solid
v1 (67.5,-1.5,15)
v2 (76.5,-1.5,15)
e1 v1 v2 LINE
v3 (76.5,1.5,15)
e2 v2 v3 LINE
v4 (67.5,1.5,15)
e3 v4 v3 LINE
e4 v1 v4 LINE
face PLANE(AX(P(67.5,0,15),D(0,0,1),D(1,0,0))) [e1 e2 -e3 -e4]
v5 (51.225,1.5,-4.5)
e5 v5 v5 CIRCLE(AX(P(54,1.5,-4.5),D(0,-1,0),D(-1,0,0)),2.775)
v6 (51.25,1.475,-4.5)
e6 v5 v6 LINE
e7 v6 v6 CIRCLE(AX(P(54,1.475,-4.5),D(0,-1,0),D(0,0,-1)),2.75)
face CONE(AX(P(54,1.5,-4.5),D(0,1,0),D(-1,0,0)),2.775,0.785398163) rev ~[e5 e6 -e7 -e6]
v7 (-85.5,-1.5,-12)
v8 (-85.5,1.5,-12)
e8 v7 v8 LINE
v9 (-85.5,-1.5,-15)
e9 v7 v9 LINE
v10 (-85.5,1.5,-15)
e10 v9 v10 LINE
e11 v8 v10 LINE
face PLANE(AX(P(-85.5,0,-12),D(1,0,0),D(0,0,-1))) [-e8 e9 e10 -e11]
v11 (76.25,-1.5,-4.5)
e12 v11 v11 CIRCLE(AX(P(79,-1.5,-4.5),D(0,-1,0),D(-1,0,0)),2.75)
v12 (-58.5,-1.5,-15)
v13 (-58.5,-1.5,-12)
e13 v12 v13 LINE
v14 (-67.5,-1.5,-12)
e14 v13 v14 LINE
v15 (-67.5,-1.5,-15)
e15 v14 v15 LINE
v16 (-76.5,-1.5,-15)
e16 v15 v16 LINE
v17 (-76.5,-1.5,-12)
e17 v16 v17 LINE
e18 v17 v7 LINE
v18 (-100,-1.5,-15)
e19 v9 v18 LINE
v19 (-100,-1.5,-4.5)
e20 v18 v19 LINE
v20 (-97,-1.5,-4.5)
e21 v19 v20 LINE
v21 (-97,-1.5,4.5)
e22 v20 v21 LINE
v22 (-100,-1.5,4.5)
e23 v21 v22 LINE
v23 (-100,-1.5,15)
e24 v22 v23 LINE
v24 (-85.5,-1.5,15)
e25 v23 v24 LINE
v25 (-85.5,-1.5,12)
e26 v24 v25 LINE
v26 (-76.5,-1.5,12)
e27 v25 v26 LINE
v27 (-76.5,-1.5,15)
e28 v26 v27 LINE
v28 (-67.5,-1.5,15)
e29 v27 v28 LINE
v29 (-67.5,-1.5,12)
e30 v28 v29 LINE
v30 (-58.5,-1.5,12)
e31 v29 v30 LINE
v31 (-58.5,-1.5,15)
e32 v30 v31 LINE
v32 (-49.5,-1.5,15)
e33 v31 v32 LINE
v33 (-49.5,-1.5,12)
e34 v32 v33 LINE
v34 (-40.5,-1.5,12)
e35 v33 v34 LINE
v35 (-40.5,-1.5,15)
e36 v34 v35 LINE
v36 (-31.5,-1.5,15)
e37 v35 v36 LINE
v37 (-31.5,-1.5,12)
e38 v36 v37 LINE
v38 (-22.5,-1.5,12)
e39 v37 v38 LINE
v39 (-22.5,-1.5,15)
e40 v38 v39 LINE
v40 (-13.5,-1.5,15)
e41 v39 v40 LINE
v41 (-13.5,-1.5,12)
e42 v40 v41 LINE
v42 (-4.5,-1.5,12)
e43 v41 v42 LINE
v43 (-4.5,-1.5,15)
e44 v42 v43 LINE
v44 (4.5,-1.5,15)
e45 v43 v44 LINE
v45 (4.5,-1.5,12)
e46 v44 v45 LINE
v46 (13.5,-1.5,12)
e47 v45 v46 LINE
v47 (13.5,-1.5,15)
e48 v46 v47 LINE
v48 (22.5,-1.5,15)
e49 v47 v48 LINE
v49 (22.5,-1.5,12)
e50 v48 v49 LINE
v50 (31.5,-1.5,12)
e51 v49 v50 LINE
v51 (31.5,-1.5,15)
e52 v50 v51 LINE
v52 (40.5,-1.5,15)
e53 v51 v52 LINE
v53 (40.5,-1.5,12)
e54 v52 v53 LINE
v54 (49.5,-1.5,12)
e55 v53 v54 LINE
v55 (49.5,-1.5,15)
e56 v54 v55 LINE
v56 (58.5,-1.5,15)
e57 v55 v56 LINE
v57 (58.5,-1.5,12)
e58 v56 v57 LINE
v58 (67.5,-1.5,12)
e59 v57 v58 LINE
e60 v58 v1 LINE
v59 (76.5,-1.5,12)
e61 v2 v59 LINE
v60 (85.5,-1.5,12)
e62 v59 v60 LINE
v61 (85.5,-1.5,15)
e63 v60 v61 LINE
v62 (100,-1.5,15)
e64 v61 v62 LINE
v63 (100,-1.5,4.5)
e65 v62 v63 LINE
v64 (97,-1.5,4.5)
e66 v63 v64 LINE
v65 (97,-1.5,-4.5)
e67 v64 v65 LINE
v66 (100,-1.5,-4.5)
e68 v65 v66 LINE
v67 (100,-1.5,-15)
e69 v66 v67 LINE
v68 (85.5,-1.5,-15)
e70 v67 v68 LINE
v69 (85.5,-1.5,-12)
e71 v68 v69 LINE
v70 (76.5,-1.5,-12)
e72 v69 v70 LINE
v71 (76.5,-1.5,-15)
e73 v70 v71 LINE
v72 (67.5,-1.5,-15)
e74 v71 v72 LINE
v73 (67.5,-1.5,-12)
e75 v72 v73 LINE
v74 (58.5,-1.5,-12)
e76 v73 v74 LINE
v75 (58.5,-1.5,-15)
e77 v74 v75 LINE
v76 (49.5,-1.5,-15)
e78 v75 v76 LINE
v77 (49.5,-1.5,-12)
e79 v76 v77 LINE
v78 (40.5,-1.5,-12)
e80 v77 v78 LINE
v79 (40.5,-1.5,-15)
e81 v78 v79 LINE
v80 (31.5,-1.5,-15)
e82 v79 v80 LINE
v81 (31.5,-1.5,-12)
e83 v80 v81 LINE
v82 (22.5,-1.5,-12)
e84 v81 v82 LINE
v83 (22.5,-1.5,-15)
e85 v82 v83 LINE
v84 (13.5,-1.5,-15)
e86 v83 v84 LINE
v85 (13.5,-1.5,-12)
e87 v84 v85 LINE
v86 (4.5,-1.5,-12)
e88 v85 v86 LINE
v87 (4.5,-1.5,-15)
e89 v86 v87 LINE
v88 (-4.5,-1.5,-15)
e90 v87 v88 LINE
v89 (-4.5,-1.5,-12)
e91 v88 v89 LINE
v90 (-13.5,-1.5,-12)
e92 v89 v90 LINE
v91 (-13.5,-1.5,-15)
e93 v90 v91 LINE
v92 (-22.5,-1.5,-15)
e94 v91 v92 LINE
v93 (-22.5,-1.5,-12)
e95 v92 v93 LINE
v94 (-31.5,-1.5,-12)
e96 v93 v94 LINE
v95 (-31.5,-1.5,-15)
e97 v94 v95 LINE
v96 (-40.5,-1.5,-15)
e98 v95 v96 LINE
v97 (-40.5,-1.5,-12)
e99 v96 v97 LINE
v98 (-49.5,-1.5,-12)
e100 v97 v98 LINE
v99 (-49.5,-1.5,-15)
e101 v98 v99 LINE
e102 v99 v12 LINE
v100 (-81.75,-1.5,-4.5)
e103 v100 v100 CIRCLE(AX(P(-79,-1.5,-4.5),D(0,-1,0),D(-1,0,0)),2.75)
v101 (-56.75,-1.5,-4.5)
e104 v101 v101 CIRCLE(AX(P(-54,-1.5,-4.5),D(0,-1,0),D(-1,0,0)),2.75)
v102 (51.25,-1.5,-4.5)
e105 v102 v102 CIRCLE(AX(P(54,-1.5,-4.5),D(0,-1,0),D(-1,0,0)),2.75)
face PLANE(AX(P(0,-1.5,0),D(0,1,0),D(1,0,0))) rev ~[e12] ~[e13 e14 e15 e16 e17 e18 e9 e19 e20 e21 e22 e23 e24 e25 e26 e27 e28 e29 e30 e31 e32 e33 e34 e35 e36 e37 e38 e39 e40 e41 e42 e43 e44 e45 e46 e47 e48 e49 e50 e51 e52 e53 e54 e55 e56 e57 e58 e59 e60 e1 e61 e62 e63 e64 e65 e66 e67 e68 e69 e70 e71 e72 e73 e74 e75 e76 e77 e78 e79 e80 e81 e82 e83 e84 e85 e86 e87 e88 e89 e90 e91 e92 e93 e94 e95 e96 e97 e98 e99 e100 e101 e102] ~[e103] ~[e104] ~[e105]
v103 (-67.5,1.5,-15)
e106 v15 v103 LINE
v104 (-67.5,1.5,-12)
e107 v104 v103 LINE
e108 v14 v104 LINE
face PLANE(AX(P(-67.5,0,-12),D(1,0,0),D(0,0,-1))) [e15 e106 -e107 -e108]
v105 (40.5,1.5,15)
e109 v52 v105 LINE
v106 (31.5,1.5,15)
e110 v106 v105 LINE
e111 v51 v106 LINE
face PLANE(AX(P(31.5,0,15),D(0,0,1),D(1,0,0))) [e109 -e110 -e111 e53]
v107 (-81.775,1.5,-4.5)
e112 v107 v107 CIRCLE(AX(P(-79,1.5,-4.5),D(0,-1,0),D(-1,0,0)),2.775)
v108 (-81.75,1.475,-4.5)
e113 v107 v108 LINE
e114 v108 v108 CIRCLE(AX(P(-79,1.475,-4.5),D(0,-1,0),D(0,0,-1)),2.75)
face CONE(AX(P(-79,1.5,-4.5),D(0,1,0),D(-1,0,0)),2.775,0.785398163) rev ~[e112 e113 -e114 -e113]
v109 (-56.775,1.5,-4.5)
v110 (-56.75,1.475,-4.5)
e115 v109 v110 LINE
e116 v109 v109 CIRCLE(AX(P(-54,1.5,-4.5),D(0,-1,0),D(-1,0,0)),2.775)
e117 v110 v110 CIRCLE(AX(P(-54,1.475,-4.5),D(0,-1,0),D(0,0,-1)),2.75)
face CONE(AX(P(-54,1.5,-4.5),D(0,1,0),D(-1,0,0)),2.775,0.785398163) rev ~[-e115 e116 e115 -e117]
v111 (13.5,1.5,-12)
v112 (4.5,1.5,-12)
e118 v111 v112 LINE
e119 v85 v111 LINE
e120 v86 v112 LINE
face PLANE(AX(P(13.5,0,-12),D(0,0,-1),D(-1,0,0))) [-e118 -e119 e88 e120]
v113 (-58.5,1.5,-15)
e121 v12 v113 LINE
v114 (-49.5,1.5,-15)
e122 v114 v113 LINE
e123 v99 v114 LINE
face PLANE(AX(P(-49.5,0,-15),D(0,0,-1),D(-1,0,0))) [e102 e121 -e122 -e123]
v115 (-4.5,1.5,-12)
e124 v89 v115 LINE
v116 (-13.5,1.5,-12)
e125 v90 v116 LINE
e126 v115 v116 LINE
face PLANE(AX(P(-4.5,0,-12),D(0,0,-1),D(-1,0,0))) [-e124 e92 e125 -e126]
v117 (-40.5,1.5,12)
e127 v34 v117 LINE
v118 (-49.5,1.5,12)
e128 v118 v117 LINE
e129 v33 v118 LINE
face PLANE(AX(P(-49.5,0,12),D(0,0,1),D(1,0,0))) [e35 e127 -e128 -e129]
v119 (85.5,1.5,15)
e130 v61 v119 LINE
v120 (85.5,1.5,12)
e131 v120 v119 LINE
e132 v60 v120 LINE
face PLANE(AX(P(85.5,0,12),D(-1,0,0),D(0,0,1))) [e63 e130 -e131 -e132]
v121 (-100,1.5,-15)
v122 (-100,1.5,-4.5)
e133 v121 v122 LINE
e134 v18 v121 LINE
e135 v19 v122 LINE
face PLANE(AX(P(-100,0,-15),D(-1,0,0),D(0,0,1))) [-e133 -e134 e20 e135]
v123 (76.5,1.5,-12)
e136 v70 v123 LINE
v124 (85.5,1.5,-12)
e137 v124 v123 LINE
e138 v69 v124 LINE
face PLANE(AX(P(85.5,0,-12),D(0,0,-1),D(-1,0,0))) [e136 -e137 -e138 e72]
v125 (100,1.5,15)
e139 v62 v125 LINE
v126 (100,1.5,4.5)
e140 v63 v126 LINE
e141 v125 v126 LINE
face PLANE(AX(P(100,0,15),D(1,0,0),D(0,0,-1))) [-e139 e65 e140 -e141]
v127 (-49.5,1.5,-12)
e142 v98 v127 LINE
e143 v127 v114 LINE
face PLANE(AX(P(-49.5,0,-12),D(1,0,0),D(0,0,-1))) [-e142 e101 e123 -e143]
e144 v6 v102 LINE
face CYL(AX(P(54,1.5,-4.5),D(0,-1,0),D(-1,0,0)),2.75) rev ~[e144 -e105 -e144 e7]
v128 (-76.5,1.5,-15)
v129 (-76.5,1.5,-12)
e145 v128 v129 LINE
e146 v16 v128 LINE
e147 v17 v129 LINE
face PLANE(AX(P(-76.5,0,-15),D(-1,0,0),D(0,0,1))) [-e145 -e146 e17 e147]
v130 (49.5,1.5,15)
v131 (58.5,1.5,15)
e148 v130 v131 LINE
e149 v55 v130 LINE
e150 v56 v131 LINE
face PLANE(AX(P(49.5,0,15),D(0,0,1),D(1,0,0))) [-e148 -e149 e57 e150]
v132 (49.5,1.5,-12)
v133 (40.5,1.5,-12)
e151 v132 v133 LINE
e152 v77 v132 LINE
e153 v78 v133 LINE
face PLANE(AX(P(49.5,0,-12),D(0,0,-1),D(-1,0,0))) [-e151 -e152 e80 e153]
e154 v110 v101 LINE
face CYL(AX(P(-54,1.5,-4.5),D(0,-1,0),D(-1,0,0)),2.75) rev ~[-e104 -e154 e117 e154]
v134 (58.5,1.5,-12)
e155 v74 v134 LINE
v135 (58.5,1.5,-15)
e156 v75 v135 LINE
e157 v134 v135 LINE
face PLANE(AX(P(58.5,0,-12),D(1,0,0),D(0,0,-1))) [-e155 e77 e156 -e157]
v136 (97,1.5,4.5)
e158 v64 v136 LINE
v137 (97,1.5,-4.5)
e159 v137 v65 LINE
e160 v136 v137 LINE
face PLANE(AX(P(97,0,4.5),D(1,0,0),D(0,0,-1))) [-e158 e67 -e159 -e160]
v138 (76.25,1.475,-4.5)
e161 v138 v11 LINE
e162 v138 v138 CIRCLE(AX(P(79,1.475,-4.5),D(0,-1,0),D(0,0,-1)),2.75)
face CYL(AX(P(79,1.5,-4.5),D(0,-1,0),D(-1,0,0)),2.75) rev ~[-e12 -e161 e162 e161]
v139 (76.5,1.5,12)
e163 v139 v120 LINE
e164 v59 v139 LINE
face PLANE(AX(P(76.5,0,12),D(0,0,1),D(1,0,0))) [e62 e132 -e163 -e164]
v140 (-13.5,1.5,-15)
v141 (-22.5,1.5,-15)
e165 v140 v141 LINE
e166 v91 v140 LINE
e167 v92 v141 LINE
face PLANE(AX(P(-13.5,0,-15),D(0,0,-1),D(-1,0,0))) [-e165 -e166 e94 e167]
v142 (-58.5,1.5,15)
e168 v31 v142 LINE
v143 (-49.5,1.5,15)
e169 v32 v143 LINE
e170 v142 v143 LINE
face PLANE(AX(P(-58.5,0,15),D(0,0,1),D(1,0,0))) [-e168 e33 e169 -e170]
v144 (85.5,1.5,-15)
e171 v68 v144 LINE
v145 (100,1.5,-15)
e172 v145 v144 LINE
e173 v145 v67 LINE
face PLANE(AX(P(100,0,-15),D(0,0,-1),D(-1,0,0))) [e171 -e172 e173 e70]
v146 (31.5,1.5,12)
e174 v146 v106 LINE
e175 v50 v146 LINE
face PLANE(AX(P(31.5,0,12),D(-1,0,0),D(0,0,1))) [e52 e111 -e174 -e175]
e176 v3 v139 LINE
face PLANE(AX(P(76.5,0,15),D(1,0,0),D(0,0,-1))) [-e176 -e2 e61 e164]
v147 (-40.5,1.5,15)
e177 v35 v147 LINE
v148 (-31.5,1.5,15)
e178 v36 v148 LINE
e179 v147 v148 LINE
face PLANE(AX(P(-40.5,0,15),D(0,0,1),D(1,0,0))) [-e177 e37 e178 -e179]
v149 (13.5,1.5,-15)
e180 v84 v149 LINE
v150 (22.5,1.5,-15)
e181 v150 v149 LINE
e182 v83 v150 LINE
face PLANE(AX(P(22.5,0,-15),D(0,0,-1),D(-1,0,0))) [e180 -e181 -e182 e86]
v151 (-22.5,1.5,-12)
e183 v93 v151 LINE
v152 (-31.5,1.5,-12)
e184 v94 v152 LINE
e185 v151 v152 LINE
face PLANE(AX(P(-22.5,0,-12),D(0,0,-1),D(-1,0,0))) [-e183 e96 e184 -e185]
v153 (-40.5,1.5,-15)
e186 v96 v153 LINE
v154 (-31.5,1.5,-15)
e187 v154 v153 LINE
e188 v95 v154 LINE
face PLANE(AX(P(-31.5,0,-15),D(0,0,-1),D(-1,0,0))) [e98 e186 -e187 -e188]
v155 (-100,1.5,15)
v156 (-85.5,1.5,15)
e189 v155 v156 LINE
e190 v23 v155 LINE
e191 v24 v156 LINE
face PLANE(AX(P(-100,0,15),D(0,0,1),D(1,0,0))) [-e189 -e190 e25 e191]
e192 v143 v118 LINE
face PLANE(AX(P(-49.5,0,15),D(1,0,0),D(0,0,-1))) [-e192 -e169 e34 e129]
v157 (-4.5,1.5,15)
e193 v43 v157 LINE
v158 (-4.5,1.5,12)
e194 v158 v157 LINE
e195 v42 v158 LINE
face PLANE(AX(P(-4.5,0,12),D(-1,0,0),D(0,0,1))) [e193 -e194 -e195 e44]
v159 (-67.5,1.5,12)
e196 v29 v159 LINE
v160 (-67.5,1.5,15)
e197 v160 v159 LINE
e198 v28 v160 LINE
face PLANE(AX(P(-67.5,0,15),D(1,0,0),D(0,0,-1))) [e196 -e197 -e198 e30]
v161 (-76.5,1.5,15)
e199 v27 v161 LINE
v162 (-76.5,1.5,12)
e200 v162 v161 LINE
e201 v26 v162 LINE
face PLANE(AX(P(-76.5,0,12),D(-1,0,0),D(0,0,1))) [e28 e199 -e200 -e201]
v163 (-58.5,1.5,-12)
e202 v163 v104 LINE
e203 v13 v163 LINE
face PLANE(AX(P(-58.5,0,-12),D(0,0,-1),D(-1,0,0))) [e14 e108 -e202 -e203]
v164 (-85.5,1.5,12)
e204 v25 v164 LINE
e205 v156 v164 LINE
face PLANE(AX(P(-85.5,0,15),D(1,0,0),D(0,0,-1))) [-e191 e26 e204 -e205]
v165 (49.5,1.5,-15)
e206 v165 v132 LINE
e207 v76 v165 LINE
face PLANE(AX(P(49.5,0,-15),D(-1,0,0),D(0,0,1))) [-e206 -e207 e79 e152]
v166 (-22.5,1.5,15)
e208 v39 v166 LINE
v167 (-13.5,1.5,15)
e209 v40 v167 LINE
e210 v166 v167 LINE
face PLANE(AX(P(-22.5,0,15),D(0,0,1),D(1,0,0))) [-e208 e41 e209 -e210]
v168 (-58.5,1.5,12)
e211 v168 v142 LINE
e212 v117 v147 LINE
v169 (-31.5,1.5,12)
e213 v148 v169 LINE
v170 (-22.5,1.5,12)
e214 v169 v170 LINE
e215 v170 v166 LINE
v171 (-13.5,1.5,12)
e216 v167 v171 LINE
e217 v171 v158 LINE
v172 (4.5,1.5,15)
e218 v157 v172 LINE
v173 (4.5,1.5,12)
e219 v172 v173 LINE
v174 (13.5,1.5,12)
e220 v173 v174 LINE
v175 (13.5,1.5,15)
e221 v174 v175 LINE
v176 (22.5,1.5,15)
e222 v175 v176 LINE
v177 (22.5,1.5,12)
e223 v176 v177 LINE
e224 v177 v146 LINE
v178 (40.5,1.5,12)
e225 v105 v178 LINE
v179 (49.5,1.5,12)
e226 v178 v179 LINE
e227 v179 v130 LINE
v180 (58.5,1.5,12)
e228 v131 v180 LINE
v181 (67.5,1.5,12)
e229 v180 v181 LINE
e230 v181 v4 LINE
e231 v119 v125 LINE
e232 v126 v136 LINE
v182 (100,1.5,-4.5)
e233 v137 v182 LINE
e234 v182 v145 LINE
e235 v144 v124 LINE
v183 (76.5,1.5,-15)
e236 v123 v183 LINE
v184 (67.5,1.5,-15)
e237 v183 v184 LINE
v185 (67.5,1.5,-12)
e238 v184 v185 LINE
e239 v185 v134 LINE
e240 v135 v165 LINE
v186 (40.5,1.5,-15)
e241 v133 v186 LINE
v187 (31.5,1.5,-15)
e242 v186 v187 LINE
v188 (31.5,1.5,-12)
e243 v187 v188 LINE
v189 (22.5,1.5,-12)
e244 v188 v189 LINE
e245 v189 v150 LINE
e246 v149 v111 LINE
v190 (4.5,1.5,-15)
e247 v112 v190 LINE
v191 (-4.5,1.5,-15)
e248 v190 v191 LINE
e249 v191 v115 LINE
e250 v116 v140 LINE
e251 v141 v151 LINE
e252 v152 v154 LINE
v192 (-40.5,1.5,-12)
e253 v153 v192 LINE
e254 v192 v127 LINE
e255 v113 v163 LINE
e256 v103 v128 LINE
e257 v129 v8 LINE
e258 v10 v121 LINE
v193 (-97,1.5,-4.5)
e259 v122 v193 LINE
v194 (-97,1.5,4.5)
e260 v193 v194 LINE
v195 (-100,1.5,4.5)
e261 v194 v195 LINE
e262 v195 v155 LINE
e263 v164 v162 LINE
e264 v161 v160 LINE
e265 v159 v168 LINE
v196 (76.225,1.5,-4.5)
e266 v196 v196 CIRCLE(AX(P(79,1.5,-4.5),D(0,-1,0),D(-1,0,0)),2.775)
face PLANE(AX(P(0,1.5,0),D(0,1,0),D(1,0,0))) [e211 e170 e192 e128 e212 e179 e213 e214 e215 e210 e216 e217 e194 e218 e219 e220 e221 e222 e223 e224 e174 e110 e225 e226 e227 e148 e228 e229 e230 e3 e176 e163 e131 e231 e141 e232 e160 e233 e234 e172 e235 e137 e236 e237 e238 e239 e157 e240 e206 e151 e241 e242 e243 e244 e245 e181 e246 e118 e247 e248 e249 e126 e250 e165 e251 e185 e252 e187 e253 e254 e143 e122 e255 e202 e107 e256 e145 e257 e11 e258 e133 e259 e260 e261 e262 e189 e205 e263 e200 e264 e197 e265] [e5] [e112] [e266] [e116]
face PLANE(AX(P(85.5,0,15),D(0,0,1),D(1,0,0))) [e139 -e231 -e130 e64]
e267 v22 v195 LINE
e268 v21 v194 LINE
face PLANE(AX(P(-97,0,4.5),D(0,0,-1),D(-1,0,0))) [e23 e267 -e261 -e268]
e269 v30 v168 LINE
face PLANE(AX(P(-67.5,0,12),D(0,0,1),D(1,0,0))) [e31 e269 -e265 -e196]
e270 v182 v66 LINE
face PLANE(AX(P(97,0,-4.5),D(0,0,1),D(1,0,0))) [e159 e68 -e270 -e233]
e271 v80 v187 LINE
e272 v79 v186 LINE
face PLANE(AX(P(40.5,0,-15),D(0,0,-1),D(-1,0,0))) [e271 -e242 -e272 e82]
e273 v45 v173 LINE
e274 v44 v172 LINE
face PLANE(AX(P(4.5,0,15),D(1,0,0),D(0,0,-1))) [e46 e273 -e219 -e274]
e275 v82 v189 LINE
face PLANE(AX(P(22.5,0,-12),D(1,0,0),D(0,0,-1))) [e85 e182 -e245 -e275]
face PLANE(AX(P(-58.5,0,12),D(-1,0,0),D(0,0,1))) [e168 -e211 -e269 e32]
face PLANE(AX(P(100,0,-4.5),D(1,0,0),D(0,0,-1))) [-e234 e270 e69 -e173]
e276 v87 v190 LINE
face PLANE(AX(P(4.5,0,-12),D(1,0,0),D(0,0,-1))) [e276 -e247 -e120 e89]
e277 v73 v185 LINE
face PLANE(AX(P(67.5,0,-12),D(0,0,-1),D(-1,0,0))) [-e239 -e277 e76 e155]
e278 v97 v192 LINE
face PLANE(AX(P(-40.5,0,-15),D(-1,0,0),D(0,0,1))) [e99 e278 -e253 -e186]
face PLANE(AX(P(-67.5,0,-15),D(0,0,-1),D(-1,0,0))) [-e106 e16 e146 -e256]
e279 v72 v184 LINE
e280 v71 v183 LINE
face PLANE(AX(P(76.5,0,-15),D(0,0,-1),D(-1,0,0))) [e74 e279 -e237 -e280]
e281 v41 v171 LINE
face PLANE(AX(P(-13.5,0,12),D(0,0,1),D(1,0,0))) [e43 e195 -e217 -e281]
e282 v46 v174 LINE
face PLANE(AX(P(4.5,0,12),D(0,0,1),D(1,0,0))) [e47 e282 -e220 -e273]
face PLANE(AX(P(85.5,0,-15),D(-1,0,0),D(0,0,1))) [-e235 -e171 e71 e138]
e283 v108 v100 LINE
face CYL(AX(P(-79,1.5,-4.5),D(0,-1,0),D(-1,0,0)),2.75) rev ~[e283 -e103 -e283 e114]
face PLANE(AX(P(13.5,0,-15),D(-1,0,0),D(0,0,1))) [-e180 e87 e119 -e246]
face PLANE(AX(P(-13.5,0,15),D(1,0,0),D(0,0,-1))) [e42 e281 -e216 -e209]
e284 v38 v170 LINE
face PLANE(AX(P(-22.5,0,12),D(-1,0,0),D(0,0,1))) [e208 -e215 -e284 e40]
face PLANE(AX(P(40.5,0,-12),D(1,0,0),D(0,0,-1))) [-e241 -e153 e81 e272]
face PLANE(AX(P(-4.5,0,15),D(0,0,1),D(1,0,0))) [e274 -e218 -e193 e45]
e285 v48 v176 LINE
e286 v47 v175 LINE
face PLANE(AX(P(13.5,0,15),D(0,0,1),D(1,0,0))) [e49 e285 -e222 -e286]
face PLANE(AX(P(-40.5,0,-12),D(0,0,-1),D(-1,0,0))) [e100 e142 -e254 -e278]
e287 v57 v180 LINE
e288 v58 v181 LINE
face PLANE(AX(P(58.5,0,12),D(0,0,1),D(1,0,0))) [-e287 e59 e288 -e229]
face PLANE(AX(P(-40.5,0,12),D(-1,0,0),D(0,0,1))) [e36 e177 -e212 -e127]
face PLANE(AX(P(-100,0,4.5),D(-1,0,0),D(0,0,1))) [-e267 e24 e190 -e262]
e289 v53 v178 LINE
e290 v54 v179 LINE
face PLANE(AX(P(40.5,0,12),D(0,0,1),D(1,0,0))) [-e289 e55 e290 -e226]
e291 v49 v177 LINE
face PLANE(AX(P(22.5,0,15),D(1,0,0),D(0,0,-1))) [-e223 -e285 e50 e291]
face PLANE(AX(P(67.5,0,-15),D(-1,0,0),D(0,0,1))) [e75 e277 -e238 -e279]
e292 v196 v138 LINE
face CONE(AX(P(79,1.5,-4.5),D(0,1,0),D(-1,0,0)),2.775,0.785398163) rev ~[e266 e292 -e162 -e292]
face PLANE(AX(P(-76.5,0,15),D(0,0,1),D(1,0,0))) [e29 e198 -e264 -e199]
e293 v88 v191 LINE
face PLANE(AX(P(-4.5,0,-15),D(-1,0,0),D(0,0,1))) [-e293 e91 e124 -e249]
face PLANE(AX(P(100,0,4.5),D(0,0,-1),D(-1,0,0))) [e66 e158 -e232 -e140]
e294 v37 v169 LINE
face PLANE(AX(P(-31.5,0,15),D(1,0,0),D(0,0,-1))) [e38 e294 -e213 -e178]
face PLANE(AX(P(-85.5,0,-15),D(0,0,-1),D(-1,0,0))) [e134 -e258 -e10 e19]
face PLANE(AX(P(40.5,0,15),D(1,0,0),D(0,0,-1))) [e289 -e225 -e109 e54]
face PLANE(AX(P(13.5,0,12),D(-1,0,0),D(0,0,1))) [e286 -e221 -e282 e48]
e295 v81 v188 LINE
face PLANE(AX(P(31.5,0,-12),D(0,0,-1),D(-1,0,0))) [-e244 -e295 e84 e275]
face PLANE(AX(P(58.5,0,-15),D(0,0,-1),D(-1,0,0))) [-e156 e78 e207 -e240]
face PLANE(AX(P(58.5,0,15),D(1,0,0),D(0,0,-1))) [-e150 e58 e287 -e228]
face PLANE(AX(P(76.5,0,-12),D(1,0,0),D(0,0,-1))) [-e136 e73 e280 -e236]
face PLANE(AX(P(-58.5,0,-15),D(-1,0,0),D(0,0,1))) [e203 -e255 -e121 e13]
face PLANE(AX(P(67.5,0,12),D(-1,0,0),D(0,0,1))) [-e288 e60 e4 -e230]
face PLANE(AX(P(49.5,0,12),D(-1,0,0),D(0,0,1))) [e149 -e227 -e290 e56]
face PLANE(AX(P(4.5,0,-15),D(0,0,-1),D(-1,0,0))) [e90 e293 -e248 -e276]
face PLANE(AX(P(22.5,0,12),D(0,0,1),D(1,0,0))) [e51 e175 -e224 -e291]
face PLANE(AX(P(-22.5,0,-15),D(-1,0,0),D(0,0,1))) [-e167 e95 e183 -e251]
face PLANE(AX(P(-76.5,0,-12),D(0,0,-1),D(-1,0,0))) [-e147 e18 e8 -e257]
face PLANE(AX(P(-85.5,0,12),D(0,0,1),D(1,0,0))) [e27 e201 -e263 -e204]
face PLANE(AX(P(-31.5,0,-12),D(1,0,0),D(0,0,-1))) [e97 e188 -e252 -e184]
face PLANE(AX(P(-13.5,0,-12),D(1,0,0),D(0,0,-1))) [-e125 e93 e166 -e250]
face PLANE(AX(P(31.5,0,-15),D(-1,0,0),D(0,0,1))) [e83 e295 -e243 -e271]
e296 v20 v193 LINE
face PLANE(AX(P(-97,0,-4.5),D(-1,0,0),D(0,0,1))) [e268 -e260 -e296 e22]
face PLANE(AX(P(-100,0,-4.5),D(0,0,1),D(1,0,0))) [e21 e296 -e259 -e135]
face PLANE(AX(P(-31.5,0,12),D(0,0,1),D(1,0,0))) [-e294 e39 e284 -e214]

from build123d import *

# Parameters (mm, degrees)
BOSS_EXTRUDE1_DEPTH            = 1.5
M5_CLEARANCE_HOLE1_D           = 5.5
M5_CLEARANCE_HOLE1_CSINK_D     = 5.55
M5_CLEARANCE_HOLE1_CSINK_ANGLE = 90


with BuildPart() as part:
    # Sketch1 → Boss-Extrude1 (new, symmetric)
    with BuildSketch(Plane(origin=(0, 0, 0), x_dir=(1, 0, 0), z_dir=(0, 1, 0))):
        Polygon((100, 15), (97, 15), (85.5, 15), (85.5, 12), (76.5, 12), (76.5, 15), (67.5, 15), (67.5, 12), (58.5, 12), (58.5, 15), (49.5, 15), (49.5, 12), (40.5, 12), (40.5, 15), (31.5, 15), (31.5, 12), (22.5, 12), (22.5, 15), (13.5, 15), (13.5, 12), (4.5, 12), (4.5, 15), (-4.5, 15), (-4.5, 12), (-13.5, 12), (-13.5, 15), (-22.5, 15), (-22.5, 12), (-31.5, 12), (-31.5, 15), (-40.5, 15), (-40.5, 12), (-49.5, 12), (-49.5, 15), (-58.5, 15), (-58.5, 12), (-67.5, 12), (-67.5, 15), (-76.5, 15), (-76.5, 12), (-85.5, 12), (-85.5, 15), (-97, 15), (-100, 15), (-100, 12), (-100, 4.5), (-97, 4.5), (-97, -4.5), (-100, -4.5), (-100, -12), (-100, -15), (-97, -15), (-85.5, -15), (-85.5, -12), (-76.5, -12), (-76.5, -15), (-67.5, -15), (-67.5, -12), (-58.5, -12), (-58.5, -15), (-49.5, -15), (-49.5, -12), (-40.5, -12), (-40.5, -15), (-31.5, -15), (-31.5, -12), (-22.5, -12), (-22.5, -15), (-13.5, -15), (-13.5, -12), (-4.5, -12), (-4.5, -15), (4.5, -15), (4.5, -12), (13.5, -12), (13.5, -15), (22.5, -15), (22.5, -12), (31.5, -12), (31.5, -15), (40.5, -15), (40.5, -12), (49.5, -12), (49.5, -15), (58.5, -15), (58.5, -12), (67.5, -12), (67.5, -15), (76.5, -15), (76.5, -12), (85.5, -12), (85.5, -15), (97, -15), (100, -15), (100, -12), (100, -4.5), (97, -4.5), (97, 4.5), (100, 4.5), (100, 12), align=None)
    extrude(amount=BOSS_EXTRUDE1_DEPTH, both=True)

    # M5 Clearance Hole1 (through all)
    with Locations(Plane(origin=(0, 1.5, 0), x_dir=(1, 0, 0), z_dir=(0, 1, 0))):
        with Locations((54, 4.5), (-79, 4.5), (-54, 4.5), (79, 4.5)):
            CounterSinkHole(M5_CLEARANCE_HOLE1_D / 2, M5_CLEARANCE_HOLE1_CSINK_D / 2, counter_sink_angle=M5_CLEARANCE_HOLE1_CSINK_ANGLE)


solid = part.part
